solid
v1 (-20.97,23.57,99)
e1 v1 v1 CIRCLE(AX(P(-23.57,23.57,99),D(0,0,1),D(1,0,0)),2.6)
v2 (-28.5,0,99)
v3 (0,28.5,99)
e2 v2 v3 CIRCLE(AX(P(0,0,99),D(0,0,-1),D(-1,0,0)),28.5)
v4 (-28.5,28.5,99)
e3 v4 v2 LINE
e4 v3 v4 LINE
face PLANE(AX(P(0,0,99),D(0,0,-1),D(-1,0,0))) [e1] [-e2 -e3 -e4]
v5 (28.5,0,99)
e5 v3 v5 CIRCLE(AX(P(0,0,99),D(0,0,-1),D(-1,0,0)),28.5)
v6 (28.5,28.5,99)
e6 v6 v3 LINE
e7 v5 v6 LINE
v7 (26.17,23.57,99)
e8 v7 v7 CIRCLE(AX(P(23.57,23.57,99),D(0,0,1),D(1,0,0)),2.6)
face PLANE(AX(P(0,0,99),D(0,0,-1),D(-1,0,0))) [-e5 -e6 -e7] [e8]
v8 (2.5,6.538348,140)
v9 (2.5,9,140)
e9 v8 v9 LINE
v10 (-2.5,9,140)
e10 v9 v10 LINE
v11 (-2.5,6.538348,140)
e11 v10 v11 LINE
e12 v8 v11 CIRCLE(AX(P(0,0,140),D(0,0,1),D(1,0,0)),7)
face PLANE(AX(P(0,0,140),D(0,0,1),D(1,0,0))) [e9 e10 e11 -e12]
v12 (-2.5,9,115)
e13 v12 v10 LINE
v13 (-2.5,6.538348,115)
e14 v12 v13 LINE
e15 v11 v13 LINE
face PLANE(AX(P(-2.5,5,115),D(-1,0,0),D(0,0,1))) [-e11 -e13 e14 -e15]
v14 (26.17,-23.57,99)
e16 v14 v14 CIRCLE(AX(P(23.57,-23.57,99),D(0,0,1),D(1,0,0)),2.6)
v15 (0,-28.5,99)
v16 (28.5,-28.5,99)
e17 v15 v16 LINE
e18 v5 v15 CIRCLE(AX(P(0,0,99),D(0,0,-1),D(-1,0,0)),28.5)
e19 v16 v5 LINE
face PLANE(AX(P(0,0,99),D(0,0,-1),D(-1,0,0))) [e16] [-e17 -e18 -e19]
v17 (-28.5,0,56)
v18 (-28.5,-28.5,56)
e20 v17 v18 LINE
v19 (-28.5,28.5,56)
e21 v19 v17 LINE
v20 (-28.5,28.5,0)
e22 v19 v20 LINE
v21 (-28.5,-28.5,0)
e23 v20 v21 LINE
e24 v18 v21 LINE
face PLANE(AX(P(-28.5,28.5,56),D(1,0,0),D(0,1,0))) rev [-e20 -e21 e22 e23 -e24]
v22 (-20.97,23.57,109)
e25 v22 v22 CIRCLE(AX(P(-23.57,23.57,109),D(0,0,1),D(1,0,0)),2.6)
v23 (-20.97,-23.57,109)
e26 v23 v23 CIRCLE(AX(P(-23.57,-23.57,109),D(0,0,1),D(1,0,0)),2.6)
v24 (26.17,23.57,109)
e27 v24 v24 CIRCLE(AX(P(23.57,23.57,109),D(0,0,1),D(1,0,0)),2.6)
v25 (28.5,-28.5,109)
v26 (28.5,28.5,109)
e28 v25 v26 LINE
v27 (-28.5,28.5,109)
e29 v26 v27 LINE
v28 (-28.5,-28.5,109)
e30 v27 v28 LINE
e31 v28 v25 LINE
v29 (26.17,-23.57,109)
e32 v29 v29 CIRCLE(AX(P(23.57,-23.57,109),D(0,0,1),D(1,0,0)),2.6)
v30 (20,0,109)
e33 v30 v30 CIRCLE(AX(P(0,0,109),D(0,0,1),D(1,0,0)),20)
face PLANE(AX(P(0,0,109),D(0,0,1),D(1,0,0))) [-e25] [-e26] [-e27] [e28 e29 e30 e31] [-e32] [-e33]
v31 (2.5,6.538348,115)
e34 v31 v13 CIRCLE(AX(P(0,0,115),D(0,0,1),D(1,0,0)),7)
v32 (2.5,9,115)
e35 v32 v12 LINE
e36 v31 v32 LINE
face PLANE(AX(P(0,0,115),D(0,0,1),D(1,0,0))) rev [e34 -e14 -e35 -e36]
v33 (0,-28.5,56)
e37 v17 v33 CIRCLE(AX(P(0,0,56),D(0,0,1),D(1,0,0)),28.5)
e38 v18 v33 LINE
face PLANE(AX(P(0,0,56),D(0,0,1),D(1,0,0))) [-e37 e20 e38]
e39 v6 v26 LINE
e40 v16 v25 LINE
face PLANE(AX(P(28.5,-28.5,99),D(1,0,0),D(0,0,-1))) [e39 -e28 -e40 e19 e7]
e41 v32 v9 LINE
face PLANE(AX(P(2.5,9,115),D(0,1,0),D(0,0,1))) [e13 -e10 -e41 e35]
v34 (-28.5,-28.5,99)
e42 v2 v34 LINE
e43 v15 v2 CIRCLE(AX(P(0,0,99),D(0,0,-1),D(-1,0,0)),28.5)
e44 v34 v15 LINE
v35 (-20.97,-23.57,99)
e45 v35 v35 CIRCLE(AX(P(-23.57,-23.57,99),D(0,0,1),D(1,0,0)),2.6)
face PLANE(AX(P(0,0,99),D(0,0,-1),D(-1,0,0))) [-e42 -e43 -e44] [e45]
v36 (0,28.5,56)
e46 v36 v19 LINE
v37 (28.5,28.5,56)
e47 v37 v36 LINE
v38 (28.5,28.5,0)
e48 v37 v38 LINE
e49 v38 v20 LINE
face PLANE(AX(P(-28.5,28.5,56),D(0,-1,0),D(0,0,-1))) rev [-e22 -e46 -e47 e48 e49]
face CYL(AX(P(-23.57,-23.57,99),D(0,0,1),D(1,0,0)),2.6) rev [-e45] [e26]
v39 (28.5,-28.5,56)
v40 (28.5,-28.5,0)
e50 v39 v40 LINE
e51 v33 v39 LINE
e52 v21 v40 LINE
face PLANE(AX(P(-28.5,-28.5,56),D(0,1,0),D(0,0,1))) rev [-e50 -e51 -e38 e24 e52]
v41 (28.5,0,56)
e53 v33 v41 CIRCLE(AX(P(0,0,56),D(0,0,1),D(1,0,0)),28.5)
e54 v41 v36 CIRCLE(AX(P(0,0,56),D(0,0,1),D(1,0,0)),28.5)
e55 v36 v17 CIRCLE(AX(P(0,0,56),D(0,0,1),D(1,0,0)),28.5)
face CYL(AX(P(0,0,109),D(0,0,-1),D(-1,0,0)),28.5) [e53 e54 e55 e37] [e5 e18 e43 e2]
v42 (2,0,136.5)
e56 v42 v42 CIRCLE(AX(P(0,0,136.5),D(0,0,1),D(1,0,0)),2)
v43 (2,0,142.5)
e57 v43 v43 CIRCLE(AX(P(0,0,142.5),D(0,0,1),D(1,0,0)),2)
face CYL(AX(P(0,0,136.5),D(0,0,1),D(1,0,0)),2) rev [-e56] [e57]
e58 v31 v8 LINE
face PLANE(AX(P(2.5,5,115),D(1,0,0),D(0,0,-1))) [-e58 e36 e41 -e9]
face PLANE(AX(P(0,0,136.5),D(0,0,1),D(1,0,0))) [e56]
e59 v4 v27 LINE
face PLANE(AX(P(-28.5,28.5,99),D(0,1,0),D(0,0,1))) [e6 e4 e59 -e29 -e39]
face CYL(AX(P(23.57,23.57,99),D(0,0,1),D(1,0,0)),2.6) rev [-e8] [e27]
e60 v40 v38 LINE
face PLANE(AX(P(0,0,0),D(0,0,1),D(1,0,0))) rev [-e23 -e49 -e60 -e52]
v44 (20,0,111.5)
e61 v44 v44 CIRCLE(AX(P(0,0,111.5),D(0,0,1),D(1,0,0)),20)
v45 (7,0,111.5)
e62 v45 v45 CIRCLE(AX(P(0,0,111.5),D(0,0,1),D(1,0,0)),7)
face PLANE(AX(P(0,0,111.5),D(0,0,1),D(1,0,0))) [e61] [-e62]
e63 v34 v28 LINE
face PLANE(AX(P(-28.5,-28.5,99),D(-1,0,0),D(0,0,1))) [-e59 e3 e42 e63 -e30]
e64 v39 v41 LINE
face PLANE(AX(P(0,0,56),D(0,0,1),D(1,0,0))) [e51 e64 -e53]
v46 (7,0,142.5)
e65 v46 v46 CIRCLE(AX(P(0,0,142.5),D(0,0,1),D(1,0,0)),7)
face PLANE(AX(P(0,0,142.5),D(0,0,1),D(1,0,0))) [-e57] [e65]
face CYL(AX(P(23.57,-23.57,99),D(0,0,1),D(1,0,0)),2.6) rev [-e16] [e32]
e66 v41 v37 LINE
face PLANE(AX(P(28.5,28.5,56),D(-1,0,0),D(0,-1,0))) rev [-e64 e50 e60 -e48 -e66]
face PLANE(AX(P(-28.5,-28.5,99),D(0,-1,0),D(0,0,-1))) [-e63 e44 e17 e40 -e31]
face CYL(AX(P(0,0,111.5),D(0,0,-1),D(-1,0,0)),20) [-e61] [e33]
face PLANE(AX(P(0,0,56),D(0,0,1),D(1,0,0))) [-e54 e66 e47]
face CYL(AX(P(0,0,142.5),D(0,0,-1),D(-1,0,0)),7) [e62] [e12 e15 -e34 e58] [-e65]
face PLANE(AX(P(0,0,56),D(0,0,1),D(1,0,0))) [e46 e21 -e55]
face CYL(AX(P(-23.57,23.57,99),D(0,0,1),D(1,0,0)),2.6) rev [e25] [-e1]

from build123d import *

# Parameters (mm, degrees)
SKETCH_1_W          = 57
SKETCH_1_H          = 57
EXTRUDE_1_DEPTH     = 56
SKETCH_2_R          = 28.5
EXTRUDE_2_DEPTH     = 53
SKETCH_3_R          = 20
EXTRUDE_3_DEPTH     = 2.5
SKETCH_4_R          = 7
EXTRUDE_4_DEPTH     = 31
SKETCH_7_W          = 57
SKETCH_7_H          = 57
SKETCH_7_R          = 2.6
EXTRUDE_5_DEPTH     = 10
SKETCH_8_W          = 5
SKETCH_8_H          = 4
EXTRUDE_6_DEPTH     = 25
SKETCH_9_R          = 2
CUT_EXTRUDE_1_DEPTH = 6


with BuildPart() as part:
    # 草图1 → 凸台-拉伸1 (new body)
    with BuildSketch(Plane.XY):
        Rectangle(SKETCH_1_W, SKETCH_1_H)
    extrude(amount=EXTRUDE_1_DEPTH)

    # 草图2 → 凸台-拉伸2 (add)
    with BuildSketch(Plane.XY.offset(56)):
        Circle(SKETCH_2_R)
    extrude(amount=EXTRUDE_2_DEPTH)

    # 草图3 → 凸台-拉伸3 (add)
    with BuildSketch(Plane.XY.offset(109)):
        Circle(SKETCH_3_R)
    extrude(amount=EXTRUDE_3_DEPTH)

    # 草图4 → 凸台-拉伸4 (add)
    with BuildSketch(Plane.XY.offset(111.5)):
        Circle(SKETCH_4_R)
    extrude(amount=EXTRUDE_4_DEPTH)

    # 草图7 → 凸台-拉伸5 (add)
    with BuildSketch(Plane.XY.offset(109)):
        Rectangle(SKETCH_7_W, SKETCH_7_H)
        with Locations((-23.57, 23.57)):
            Circle(SKETCH_7_R, mode=Mode.SUBTRACT)
        with Locations((23.57, 23.57)):
            Circle(SKETCH_7_R, mode=Mode.SUBTRACT)
        with Locations((23.57, -23.57)):
            Circle(SKETCH_7_R, mode=Mode.SUBTRACT)
        with Locations((-23.57, -23.57)):
            Circle(SKETCH_7_R, mode=Mode.SUBTRACT)
    extrude(amount=-EXTRUDE_5_DEPTH)

    # 草图8 → 凸台-拉伸6 (add)
    with BuildSketch(Plane.XY.offset(140)):
        with Locations((0, 7)):
            Rectangle(SKETCH_8_W, SKETCH_8_H)
    extrude(amount=-EXTRUDE_6_DEPTH)

    # 草图9 → 切除-拉伸1 (cut)
    with BuildSketch(Plane.XY.offset(142.5)):
        Circle(SKETCH_9_R)
    extrude(amount=-CUT_EXTRUDE_1_DEPTH, mode=Mode.SUBTRACT)


solid = part.part
